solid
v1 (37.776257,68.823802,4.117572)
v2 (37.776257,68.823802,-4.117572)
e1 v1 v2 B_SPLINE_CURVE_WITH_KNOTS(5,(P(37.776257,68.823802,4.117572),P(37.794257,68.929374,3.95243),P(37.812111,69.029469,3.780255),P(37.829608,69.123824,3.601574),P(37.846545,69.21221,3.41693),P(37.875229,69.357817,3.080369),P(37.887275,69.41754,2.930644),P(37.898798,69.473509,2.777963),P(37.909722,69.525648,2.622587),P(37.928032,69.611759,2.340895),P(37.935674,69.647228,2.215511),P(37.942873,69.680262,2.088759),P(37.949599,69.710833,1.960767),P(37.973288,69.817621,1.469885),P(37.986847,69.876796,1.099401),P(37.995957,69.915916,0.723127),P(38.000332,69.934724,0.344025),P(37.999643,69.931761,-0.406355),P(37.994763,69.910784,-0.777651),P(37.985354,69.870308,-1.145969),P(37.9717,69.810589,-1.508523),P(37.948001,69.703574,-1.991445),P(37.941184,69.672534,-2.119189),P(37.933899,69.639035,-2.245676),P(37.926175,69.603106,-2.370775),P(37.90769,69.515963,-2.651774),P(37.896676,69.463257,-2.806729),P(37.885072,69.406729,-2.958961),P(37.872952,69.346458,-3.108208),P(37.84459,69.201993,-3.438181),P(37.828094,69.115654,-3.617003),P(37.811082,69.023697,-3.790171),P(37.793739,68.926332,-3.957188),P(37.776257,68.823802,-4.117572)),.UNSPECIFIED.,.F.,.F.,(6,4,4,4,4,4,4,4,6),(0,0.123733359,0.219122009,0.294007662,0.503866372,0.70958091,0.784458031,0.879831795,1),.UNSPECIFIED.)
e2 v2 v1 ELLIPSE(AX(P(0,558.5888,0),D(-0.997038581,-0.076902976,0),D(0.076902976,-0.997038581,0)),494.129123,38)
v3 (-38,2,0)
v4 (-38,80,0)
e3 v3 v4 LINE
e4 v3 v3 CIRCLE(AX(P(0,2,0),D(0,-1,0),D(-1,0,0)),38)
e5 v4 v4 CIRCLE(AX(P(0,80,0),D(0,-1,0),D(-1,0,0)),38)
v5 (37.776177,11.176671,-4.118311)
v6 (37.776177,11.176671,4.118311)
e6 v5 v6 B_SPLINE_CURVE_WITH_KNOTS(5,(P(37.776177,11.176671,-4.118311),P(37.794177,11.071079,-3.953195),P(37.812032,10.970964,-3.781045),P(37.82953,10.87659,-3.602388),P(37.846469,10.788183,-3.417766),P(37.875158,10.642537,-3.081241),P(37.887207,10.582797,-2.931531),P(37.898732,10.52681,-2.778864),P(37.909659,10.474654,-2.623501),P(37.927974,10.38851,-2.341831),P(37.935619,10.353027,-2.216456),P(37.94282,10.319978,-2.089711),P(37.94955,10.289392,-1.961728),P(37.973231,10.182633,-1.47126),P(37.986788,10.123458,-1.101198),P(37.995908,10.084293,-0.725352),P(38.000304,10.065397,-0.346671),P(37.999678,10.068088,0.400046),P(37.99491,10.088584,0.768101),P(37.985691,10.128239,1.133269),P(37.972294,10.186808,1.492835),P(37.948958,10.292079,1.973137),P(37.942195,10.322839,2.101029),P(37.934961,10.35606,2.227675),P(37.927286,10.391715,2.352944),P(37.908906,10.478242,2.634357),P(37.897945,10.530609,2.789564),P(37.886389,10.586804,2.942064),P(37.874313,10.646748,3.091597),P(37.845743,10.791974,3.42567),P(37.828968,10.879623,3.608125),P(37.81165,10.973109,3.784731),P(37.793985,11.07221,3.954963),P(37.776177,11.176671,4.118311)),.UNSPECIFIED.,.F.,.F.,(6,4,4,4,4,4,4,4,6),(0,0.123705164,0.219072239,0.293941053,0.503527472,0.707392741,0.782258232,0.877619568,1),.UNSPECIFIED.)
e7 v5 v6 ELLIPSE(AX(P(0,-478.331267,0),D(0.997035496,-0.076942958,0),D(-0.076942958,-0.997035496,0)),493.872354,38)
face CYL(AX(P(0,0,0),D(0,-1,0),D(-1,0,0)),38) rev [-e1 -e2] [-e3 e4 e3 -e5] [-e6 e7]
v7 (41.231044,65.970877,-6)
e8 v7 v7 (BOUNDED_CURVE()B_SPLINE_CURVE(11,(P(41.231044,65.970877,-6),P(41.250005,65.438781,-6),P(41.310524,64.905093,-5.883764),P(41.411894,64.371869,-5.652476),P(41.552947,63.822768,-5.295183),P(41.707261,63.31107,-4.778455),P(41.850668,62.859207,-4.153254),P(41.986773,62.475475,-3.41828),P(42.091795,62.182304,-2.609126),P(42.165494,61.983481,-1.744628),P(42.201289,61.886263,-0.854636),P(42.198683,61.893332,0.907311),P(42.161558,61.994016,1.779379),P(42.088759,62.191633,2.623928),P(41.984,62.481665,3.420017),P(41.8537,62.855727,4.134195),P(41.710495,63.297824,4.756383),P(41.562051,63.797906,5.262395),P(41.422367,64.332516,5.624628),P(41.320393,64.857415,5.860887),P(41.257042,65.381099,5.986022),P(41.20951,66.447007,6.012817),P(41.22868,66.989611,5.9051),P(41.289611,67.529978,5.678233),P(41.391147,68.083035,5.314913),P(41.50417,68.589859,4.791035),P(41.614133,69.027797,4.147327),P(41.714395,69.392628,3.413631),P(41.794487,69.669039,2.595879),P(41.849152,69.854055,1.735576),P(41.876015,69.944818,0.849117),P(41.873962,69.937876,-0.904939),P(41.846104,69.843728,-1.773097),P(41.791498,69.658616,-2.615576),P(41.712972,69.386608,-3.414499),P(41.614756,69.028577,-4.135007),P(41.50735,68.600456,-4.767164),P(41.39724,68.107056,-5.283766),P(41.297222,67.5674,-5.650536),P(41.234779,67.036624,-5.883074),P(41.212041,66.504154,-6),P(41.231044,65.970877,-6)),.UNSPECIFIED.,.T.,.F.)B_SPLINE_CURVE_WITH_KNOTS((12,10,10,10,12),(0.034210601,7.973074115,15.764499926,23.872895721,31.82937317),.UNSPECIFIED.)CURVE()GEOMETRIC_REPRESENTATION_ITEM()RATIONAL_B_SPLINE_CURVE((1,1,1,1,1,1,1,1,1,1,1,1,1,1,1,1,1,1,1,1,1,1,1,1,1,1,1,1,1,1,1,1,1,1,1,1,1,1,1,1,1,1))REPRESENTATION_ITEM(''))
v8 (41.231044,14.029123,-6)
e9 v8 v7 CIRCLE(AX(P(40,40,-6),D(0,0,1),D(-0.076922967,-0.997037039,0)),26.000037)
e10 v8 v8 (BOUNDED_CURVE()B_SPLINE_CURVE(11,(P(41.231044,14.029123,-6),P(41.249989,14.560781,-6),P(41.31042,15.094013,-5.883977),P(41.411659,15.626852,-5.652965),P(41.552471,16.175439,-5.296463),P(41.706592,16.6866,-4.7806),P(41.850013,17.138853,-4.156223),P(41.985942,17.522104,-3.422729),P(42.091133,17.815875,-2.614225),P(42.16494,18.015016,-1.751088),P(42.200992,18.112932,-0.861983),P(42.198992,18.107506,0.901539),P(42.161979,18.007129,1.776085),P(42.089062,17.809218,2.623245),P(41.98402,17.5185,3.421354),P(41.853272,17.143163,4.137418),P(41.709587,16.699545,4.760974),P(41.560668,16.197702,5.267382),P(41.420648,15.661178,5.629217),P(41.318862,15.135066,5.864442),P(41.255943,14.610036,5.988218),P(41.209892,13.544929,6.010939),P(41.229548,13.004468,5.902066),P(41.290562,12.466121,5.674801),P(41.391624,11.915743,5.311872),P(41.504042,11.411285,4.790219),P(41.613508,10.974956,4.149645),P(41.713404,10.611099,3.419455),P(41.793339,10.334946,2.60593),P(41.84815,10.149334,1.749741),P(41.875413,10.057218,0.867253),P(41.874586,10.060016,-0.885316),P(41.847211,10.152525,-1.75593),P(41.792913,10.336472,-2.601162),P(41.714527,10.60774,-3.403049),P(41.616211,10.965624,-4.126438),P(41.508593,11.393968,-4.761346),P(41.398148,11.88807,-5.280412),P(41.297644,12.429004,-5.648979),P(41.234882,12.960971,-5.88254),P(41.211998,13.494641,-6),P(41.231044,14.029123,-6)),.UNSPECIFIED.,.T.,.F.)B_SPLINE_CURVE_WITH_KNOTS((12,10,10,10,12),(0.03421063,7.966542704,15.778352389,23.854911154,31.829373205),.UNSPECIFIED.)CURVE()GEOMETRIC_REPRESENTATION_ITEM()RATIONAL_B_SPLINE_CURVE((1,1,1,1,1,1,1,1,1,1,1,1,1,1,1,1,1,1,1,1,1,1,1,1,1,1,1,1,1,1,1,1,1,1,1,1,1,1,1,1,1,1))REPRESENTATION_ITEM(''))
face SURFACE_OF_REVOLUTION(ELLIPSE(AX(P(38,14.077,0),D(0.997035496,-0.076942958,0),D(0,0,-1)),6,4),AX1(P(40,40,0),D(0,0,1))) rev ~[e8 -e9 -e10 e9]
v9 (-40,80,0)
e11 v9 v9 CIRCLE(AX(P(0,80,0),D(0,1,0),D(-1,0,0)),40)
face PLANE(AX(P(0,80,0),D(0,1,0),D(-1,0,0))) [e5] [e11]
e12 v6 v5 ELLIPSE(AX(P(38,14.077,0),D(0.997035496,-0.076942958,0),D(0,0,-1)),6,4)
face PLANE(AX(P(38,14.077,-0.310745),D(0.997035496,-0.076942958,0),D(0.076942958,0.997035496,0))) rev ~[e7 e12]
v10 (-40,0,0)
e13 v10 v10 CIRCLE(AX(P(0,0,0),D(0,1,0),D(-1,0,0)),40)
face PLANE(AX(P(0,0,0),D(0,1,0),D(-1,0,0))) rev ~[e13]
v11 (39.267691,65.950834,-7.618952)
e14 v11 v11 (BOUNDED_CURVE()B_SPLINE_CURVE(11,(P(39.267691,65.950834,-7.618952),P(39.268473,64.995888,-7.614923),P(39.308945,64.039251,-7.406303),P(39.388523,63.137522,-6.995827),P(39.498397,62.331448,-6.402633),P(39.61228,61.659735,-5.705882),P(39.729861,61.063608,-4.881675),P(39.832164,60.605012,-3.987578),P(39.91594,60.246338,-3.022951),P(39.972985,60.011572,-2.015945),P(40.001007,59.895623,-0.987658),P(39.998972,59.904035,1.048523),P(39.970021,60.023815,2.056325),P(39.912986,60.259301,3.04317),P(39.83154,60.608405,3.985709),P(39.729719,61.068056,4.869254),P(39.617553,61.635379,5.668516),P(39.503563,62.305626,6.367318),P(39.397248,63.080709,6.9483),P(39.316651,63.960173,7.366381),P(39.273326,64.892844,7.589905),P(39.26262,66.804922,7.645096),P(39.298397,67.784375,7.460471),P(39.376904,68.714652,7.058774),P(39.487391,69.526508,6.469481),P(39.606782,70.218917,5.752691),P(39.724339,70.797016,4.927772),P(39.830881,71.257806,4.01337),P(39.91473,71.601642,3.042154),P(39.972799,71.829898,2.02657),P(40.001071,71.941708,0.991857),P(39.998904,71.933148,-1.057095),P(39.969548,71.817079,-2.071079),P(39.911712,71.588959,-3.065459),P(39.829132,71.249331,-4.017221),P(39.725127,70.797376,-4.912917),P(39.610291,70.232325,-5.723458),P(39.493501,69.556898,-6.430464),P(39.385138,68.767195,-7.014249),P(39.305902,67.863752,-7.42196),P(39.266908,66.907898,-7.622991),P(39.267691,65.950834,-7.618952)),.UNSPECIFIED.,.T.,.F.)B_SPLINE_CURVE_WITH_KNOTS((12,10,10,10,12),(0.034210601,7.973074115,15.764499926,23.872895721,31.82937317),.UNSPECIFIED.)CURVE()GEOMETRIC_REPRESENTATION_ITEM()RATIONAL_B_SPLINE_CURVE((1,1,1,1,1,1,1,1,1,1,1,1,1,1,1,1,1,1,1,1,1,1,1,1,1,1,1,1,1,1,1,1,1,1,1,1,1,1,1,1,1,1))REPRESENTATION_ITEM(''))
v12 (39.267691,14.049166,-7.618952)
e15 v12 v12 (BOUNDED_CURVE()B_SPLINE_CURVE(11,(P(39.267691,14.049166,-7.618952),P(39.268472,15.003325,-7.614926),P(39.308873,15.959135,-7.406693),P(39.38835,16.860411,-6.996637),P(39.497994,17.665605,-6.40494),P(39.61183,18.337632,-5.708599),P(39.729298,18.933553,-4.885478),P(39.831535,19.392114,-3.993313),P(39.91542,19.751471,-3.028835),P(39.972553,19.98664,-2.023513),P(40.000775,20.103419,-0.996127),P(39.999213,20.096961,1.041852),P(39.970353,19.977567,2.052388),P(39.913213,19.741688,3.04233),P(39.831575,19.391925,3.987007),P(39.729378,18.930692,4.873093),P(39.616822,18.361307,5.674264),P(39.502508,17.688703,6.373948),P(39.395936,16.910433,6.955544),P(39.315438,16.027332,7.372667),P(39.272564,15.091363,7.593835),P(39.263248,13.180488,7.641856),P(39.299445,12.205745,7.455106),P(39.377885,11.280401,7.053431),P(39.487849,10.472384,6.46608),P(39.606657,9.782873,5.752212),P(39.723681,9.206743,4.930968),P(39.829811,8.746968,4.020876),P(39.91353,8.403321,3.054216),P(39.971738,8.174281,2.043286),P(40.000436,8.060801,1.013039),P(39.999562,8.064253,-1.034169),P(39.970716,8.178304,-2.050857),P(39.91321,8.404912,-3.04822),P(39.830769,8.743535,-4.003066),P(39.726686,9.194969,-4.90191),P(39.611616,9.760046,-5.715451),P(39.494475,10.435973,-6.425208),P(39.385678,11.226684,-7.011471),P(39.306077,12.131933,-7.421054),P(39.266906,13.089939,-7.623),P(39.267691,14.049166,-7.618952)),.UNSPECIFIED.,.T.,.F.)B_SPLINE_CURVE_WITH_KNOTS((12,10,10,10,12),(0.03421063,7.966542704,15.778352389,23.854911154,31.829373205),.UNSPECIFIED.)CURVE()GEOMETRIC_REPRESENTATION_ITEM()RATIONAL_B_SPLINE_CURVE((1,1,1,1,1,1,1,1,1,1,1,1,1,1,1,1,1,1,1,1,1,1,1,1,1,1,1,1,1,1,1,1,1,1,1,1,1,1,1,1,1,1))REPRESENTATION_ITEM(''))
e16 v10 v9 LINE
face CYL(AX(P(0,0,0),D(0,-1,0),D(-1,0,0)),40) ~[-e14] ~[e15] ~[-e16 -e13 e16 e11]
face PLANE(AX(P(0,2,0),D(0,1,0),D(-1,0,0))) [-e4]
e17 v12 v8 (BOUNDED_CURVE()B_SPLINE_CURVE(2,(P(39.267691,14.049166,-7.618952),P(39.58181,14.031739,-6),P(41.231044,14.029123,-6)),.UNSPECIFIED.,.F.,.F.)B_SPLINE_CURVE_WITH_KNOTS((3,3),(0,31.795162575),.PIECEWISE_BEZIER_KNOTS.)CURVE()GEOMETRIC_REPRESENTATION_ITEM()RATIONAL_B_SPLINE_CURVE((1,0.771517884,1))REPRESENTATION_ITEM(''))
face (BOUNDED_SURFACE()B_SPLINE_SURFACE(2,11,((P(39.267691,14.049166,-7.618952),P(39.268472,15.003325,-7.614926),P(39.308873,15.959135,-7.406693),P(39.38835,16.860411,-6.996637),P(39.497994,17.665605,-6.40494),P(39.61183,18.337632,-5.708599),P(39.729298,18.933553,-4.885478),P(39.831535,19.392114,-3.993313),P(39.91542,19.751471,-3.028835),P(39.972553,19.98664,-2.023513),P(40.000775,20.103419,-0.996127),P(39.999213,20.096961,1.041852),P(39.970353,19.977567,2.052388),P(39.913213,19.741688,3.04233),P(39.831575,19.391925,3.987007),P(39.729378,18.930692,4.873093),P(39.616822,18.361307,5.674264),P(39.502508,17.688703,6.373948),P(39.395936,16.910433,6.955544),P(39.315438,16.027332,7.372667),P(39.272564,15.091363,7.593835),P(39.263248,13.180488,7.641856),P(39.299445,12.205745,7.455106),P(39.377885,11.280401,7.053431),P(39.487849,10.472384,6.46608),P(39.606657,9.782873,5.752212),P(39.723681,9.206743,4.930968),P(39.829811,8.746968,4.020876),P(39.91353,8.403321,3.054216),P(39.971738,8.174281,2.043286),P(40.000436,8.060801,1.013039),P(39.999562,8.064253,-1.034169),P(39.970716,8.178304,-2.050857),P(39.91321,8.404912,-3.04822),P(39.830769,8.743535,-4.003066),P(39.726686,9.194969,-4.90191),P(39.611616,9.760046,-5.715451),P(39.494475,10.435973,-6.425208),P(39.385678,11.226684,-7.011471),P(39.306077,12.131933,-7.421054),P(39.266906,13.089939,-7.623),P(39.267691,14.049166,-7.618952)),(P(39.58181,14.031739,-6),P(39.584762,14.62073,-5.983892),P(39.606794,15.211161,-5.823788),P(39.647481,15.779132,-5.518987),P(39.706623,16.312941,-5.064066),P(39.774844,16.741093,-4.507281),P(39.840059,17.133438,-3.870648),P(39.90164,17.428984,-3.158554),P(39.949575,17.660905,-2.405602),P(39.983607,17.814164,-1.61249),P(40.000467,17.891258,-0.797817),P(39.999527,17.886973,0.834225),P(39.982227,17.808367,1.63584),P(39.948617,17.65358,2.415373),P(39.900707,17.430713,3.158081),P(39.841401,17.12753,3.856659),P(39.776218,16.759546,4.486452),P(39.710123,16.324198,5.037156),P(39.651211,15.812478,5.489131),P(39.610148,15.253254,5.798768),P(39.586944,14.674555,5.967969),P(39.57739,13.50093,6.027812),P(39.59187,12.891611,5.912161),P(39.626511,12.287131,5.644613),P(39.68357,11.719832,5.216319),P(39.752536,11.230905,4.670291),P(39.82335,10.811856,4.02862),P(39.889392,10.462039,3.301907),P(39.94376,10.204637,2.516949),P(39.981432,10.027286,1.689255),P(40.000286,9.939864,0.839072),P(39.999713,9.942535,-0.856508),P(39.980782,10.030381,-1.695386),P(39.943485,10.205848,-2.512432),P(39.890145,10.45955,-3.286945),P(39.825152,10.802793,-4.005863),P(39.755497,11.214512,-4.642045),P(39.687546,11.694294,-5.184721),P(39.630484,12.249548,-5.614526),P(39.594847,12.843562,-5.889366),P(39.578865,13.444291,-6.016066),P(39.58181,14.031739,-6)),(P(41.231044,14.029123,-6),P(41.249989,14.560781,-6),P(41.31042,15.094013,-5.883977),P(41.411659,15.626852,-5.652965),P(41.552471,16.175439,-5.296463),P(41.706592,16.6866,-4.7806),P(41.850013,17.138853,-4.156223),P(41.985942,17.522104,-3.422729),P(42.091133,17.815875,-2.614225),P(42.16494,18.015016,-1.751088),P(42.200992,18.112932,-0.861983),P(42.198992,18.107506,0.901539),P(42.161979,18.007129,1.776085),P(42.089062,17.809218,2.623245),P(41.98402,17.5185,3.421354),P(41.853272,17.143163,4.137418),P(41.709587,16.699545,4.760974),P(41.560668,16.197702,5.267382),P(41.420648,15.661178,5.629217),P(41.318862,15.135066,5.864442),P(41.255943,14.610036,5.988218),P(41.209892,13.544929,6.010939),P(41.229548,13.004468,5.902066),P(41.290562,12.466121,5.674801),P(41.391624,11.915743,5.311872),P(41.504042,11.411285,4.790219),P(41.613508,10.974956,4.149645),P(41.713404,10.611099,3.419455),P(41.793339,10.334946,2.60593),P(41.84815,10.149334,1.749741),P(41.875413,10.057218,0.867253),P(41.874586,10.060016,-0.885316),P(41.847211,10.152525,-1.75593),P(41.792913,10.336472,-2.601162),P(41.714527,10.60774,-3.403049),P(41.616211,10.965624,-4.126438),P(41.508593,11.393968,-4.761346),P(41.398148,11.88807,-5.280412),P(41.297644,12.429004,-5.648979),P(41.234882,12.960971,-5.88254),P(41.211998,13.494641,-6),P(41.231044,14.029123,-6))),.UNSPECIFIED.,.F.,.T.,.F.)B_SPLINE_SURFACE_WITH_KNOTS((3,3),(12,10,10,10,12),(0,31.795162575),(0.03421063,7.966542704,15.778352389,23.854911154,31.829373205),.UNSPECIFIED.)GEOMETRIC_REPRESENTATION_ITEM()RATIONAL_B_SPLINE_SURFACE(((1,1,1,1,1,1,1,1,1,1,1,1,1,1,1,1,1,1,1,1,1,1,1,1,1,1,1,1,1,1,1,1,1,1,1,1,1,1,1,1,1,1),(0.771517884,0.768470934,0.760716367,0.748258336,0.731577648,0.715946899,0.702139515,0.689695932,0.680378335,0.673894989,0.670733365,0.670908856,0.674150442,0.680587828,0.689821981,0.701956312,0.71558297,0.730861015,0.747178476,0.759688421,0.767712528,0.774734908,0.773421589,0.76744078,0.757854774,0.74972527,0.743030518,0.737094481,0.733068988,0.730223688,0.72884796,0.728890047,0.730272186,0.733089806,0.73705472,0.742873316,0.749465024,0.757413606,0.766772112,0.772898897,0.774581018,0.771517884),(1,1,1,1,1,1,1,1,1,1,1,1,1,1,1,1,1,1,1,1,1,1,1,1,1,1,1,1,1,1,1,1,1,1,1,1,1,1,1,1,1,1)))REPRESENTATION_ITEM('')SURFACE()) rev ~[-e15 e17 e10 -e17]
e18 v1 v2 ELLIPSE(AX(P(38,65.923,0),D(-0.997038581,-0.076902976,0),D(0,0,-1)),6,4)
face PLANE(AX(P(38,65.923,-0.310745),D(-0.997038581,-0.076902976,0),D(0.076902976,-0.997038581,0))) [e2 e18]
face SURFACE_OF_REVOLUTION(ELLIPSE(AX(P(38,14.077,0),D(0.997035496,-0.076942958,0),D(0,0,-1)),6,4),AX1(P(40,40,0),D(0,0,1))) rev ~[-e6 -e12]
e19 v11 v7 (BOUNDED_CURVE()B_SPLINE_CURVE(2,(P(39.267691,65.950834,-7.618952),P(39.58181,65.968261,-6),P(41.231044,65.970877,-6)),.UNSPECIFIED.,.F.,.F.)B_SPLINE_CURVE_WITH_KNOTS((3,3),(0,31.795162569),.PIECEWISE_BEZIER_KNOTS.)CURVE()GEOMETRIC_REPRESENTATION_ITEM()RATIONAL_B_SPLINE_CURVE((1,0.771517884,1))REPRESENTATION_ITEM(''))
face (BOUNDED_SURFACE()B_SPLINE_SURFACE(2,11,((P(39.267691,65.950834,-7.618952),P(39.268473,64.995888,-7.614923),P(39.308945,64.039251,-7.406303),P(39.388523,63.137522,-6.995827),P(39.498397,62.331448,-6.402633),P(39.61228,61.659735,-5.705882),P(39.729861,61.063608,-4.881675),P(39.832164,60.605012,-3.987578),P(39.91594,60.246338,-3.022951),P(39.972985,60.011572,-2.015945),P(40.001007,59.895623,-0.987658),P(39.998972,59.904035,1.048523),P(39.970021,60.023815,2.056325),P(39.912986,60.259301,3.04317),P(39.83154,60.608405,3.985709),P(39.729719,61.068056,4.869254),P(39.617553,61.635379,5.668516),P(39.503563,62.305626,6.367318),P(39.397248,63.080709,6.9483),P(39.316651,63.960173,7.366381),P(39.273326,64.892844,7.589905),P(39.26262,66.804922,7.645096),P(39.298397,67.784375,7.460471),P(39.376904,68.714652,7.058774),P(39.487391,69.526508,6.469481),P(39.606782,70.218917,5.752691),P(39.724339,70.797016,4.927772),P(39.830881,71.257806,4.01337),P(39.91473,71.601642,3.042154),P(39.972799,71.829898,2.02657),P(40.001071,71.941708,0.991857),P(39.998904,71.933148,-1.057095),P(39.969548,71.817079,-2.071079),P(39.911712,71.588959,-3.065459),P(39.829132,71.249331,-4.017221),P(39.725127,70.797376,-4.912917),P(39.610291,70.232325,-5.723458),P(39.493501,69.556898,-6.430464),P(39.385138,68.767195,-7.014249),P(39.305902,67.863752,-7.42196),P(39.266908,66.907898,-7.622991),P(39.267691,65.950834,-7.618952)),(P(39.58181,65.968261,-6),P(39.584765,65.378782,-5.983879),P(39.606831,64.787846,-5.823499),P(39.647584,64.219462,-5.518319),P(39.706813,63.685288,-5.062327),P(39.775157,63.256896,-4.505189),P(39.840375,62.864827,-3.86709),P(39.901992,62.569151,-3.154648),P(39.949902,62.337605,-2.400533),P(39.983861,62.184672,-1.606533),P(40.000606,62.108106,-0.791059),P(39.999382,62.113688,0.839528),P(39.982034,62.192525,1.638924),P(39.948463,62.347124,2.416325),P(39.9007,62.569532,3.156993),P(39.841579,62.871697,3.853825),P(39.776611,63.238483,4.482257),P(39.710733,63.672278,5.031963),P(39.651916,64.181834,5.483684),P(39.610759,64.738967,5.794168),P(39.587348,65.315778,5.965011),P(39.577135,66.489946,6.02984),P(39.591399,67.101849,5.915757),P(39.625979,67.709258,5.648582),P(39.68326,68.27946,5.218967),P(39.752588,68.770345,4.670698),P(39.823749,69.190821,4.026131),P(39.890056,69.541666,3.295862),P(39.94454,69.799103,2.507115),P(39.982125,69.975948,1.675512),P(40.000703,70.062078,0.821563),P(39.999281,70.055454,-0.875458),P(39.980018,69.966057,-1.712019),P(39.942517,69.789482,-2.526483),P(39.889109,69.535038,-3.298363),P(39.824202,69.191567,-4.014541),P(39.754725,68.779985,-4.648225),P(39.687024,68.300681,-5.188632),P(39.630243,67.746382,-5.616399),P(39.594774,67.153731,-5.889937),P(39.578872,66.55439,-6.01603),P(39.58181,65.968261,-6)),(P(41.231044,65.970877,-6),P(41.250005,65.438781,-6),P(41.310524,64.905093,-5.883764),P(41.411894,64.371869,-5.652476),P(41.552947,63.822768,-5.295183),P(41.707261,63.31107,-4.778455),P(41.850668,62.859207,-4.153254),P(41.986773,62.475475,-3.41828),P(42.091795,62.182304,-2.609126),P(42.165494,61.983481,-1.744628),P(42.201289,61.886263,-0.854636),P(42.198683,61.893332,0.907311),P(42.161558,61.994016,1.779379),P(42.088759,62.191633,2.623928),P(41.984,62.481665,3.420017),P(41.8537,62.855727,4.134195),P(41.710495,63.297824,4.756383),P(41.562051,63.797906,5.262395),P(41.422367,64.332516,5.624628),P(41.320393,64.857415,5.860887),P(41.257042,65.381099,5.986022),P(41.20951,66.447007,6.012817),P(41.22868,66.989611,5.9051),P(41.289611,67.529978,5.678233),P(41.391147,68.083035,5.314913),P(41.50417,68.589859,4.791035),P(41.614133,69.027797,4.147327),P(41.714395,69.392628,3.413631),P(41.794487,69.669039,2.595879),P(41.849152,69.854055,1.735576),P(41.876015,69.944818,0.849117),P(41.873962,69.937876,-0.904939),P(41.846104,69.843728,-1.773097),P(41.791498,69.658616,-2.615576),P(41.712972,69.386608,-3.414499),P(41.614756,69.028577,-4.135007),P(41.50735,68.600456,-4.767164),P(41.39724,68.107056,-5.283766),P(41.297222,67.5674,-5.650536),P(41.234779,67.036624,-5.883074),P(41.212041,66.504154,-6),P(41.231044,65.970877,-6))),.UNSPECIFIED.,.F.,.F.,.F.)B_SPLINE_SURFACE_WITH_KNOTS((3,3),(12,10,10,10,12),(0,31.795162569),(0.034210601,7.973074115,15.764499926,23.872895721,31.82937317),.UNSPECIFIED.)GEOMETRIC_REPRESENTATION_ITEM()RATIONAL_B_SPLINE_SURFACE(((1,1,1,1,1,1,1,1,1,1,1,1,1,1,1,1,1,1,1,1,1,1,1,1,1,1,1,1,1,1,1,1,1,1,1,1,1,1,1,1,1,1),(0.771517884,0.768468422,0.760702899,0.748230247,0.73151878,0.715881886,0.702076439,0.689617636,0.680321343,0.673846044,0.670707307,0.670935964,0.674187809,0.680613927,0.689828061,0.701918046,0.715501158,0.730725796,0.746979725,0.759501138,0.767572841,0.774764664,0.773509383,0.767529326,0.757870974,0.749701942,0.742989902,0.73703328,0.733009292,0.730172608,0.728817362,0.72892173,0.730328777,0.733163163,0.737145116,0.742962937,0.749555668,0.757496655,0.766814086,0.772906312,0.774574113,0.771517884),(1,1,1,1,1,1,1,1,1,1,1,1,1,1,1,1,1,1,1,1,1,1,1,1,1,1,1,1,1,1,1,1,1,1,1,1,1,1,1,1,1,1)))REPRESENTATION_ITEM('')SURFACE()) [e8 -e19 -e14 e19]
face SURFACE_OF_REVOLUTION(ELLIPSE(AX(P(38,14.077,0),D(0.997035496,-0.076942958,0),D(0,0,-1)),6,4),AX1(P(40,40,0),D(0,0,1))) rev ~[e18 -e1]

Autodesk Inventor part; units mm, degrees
ref_plane "YZ Plane" through (0, 0, 0) normal (1, 0, 0) x (0, 1, 0)
sketch "草圖1" plane through (0, 0, 0) normal (0, 1, 0) x (-1, 0, 0)
  circle A0 centre (0, 0) radius 40
  dimension "d0" = 80
extrude "擠出1" add sketch "草圖1" along normal blind 80
shell "薄殼3" thickness 2 removed faces 1 at (12.1058, 80, -2.3153)
sketch "草圖6" plane through (0, 0, 0) normal (0, 0, 1) x (1, 0, 0)
  line L0 (40, 0) -> (40, 80) projected
  arc A0 (38, 14.077) -> (38, 65.923) centre (40, 40) ccw
  line L1 (-40, 0) -> (40, 0) projected
  line L2 (38, 2) -> (38, 80) construction
  point P0 (0, 0)
  dimension "d23" = 52
  dimension "d24" = 40
ref_plane "工作平面2" through (38, 65.923, 0) normal (-0.997, -0.0769, 0) x (0.0769, -0.997, 0)
sketch "草圖7" plane through (38, 65.923, 0) normal (-0.997, -0.0769, 0) x (0.0769, -0.997, 0)
  ellipse E0 centre (0, 0) end of major axis (0, -6) minor radius 4
  point P0 (62.8046, 0)
  dimension "d25" = 4
  dimension "d26" = 6
sweep "掃掠3" add profiles "草圖7" path "草圖6" path curves A0
fillet "圓角5" radius 2 2 edges at (39.5474, 66.0021, 6) (39.5474, 13.9979, 6)
ref_plane "工作平面3" through (0, 0, 70) normal (0, 0, 1) x (1, 0, 0)
sketch "草圖11" plane through (0, 0, 70) normal (0, 0, 1) x (1, 0, 0)
  line L0 (-18.4453, 56.0809) -> (19.5727, 56.0809)
  line L1 (19.5727, 56.0809) -> (19.5727, 18.0629)
  line L2 (19.5727, 18.0629) -> (-18.4453, 18.0629)
  line L3 (-18.4453, 18.0629) -> (-18.4453, 56.0809)
  point P0 (0, 0)
decal "印花2"
properties part number "練習二"
